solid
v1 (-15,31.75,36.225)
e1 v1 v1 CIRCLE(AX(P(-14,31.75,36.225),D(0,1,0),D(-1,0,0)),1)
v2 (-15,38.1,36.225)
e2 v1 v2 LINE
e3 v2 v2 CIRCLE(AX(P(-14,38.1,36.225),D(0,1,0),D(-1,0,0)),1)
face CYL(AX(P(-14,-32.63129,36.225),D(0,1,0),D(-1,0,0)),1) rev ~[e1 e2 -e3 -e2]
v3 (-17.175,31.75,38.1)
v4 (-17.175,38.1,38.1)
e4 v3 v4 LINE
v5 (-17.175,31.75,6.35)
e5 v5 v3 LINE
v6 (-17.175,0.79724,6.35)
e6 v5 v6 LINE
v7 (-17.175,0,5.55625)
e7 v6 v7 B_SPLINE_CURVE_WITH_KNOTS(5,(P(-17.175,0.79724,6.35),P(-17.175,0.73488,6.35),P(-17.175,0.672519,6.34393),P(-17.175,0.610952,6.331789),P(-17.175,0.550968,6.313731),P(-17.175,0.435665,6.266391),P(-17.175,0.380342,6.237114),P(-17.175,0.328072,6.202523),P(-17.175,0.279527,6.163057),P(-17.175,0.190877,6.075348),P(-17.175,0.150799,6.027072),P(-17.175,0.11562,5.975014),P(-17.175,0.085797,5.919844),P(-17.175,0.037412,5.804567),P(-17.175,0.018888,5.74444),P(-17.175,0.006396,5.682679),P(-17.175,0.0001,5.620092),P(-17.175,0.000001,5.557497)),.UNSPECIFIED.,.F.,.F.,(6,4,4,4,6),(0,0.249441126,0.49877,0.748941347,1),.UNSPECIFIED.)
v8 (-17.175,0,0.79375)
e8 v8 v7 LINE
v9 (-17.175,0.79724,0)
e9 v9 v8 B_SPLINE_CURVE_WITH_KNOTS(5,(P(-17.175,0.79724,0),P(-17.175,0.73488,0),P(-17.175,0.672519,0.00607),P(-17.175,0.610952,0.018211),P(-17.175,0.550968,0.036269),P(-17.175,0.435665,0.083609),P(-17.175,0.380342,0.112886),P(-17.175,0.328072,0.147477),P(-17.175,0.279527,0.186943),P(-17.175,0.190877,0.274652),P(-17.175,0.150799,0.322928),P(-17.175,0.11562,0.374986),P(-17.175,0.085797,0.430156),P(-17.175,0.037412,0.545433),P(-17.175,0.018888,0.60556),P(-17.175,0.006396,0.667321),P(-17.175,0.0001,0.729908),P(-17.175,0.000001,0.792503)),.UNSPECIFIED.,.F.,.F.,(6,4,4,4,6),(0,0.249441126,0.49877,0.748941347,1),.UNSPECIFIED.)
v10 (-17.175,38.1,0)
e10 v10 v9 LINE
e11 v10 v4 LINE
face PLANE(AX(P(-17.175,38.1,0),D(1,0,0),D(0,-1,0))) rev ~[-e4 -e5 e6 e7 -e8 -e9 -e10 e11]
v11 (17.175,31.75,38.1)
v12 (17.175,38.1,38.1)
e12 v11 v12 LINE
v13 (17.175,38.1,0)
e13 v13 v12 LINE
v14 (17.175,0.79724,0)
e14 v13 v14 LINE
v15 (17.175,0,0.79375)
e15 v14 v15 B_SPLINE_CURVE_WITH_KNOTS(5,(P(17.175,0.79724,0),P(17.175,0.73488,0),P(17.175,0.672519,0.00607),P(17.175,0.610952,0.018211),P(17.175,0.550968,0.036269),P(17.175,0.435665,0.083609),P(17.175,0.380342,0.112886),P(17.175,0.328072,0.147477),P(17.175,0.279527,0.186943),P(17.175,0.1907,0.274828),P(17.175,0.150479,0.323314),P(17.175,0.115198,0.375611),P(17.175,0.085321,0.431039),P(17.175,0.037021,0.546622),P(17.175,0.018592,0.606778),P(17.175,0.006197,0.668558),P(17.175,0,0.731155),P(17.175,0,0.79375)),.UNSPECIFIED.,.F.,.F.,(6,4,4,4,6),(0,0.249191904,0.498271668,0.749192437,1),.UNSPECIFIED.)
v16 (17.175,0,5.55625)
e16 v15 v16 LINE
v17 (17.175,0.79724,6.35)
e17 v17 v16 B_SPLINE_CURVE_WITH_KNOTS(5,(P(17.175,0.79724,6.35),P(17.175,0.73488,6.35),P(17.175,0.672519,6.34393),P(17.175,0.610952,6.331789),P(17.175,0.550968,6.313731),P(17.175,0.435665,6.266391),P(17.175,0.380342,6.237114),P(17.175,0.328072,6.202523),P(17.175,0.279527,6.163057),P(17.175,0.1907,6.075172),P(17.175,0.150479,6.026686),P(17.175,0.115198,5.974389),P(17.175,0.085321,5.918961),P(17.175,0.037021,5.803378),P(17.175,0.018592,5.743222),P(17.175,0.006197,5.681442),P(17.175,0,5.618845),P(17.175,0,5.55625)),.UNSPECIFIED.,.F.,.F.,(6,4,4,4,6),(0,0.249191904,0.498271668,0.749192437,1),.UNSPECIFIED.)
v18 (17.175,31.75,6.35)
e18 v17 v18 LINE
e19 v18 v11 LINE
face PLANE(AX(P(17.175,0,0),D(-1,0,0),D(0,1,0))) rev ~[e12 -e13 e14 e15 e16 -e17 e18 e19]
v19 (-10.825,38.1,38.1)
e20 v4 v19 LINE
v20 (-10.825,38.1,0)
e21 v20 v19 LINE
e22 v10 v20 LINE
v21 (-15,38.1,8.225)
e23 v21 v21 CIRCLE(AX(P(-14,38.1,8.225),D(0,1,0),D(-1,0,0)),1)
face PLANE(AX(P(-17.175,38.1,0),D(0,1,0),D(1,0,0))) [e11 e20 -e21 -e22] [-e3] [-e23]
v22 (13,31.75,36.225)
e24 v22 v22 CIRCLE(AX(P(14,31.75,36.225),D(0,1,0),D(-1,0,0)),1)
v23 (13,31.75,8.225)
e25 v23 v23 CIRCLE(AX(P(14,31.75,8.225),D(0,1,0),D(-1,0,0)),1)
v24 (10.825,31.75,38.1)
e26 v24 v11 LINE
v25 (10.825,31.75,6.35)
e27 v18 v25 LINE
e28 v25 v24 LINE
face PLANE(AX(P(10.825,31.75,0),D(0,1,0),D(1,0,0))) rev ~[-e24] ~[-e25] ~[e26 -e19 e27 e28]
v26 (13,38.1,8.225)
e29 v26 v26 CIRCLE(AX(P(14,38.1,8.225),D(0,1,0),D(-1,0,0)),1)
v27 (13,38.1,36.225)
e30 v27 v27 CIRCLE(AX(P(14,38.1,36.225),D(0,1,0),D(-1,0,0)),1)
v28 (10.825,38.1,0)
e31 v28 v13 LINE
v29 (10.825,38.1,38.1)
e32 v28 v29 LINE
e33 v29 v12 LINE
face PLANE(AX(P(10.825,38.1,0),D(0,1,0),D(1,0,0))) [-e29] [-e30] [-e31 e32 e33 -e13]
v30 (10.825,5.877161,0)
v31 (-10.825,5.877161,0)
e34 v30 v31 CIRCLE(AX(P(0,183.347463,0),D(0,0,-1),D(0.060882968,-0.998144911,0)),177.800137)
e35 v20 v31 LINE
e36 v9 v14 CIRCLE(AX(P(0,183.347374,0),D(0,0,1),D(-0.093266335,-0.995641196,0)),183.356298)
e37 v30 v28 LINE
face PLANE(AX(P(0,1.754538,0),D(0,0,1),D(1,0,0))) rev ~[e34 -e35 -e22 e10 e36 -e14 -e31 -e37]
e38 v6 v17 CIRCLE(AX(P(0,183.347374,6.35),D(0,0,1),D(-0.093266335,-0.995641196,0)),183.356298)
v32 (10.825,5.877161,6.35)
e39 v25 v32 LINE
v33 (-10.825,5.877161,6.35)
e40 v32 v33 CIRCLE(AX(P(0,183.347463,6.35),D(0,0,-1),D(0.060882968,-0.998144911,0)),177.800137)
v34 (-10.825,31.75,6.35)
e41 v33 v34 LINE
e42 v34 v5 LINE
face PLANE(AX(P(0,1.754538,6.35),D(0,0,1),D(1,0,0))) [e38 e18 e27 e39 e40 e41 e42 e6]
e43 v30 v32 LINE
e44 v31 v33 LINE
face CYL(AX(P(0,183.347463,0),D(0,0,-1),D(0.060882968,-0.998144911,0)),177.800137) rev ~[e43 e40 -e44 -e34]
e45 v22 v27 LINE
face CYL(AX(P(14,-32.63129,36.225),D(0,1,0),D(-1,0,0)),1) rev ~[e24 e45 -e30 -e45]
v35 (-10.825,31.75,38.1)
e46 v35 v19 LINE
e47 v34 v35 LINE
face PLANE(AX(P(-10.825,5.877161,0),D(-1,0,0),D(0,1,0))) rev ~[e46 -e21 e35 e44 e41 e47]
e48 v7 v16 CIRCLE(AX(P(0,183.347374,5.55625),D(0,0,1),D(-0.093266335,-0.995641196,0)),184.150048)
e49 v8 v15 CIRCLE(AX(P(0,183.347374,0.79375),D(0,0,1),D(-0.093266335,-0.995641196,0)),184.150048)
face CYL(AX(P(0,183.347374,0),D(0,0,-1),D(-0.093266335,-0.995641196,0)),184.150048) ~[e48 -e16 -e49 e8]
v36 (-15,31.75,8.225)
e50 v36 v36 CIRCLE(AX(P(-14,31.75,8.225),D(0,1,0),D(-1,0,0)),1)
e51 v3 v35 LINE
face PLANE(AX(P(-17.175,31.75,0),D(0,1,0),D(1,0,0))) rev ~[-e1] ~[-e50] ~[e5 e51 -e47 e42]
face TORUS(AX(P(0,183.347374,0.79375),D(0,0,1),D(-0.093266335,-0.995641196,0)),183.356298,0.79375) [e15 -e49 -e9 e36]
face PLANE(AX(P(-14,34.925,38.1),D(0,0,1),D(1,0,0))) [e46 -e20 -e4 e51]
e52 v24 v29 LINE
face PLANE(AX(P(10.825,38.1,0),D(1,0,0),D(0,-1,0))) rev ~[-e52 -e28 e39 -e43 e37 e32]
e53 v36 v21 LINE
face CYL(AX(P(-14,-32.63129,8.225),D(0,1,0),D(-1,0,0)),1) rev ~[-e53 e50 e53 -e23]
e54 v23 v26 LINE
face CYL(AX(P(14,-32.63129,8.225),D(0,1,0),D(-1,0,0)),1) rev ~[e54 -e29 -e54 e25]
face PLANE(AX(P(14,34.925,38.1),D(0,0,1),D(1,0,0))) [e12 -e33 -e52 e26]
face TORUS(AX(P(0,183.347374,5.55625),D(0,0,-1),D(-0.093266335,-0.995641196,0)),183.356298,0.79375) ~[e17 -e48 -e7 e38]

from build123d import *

# Parameters (mm, degrees)
F0_W     = 6.35
F0_H     = 6.341725
F2_DEPTH = 6.35
F1_W     = 6.35
F1_H     = 6.35
F3_DEPTH = 38.1
F5_D     = 2
F6_R     = 0.79375


with BuildPart() as f2:
    # F0 (on Top) → F2 (new body)
    with BuildSketch(Plane.XY):
        with BuildLine():
            Line((-10.825, 5.877161), (-10.825, 0))
            Line((-10.825, 0), (-17.175, 0))
            ThreePointArc((-17.175, 0), (0, -0.802674), (17.175, 0))
            Line((17.175, 0), (10.825, 0))
            Line((10.825, 0), (10.825, 5.877161))
            ThreePointArc((10.825, 5.877161), (0, 5.547326), (-10.825, 5.877161))
        make_face()
        Polygon((-17.175, 0), (-10.825, 0), (-10.825, 5.877161), (-10.825, 31.758275), (-17.175, 31.758275), align=None)
        with Locations((-14, 34.929137)):
            Rectangle(F0_W, F0_H)
        Polygon((10.825, 0), (17.175, 0), (17.175, 31.758275), (10.825, 31.758275), (10.825, 5.877161), align=None)
        with Locations((14, 34.929137)):
            Rectangle(F0_W, F0_H)
    extrude(amount=F2_DEPTH)

    # F1 (on Top) → F3 (join)
    with BuildSketch(Plane.XY):
        with Locations((-14, 34.925)):
            Rectangle(F1_W, F1_H)
        with Locations((14, 34.925)):
            Rectangle(F1_W, F1_H)
    extrude(amount=F3_DEPTH)

    # F5 (through all)
    with Locations(Plane.XZ.offset(-31.75)):
        with Locations((-14, 36.225), (-14, 8.225), (14, 8.225), (14, 36.225)):
            Hole(F5_D / 2)

    # F6
    f6_edges = [f2.edges().sort_by_distance(p)[0] for p in [
        (0, -0.802674, 6.35),
        (0, -0.802674, 0),
    ]]
    fillet(f6_edges, radius=F6_R)


solid = f2.part
